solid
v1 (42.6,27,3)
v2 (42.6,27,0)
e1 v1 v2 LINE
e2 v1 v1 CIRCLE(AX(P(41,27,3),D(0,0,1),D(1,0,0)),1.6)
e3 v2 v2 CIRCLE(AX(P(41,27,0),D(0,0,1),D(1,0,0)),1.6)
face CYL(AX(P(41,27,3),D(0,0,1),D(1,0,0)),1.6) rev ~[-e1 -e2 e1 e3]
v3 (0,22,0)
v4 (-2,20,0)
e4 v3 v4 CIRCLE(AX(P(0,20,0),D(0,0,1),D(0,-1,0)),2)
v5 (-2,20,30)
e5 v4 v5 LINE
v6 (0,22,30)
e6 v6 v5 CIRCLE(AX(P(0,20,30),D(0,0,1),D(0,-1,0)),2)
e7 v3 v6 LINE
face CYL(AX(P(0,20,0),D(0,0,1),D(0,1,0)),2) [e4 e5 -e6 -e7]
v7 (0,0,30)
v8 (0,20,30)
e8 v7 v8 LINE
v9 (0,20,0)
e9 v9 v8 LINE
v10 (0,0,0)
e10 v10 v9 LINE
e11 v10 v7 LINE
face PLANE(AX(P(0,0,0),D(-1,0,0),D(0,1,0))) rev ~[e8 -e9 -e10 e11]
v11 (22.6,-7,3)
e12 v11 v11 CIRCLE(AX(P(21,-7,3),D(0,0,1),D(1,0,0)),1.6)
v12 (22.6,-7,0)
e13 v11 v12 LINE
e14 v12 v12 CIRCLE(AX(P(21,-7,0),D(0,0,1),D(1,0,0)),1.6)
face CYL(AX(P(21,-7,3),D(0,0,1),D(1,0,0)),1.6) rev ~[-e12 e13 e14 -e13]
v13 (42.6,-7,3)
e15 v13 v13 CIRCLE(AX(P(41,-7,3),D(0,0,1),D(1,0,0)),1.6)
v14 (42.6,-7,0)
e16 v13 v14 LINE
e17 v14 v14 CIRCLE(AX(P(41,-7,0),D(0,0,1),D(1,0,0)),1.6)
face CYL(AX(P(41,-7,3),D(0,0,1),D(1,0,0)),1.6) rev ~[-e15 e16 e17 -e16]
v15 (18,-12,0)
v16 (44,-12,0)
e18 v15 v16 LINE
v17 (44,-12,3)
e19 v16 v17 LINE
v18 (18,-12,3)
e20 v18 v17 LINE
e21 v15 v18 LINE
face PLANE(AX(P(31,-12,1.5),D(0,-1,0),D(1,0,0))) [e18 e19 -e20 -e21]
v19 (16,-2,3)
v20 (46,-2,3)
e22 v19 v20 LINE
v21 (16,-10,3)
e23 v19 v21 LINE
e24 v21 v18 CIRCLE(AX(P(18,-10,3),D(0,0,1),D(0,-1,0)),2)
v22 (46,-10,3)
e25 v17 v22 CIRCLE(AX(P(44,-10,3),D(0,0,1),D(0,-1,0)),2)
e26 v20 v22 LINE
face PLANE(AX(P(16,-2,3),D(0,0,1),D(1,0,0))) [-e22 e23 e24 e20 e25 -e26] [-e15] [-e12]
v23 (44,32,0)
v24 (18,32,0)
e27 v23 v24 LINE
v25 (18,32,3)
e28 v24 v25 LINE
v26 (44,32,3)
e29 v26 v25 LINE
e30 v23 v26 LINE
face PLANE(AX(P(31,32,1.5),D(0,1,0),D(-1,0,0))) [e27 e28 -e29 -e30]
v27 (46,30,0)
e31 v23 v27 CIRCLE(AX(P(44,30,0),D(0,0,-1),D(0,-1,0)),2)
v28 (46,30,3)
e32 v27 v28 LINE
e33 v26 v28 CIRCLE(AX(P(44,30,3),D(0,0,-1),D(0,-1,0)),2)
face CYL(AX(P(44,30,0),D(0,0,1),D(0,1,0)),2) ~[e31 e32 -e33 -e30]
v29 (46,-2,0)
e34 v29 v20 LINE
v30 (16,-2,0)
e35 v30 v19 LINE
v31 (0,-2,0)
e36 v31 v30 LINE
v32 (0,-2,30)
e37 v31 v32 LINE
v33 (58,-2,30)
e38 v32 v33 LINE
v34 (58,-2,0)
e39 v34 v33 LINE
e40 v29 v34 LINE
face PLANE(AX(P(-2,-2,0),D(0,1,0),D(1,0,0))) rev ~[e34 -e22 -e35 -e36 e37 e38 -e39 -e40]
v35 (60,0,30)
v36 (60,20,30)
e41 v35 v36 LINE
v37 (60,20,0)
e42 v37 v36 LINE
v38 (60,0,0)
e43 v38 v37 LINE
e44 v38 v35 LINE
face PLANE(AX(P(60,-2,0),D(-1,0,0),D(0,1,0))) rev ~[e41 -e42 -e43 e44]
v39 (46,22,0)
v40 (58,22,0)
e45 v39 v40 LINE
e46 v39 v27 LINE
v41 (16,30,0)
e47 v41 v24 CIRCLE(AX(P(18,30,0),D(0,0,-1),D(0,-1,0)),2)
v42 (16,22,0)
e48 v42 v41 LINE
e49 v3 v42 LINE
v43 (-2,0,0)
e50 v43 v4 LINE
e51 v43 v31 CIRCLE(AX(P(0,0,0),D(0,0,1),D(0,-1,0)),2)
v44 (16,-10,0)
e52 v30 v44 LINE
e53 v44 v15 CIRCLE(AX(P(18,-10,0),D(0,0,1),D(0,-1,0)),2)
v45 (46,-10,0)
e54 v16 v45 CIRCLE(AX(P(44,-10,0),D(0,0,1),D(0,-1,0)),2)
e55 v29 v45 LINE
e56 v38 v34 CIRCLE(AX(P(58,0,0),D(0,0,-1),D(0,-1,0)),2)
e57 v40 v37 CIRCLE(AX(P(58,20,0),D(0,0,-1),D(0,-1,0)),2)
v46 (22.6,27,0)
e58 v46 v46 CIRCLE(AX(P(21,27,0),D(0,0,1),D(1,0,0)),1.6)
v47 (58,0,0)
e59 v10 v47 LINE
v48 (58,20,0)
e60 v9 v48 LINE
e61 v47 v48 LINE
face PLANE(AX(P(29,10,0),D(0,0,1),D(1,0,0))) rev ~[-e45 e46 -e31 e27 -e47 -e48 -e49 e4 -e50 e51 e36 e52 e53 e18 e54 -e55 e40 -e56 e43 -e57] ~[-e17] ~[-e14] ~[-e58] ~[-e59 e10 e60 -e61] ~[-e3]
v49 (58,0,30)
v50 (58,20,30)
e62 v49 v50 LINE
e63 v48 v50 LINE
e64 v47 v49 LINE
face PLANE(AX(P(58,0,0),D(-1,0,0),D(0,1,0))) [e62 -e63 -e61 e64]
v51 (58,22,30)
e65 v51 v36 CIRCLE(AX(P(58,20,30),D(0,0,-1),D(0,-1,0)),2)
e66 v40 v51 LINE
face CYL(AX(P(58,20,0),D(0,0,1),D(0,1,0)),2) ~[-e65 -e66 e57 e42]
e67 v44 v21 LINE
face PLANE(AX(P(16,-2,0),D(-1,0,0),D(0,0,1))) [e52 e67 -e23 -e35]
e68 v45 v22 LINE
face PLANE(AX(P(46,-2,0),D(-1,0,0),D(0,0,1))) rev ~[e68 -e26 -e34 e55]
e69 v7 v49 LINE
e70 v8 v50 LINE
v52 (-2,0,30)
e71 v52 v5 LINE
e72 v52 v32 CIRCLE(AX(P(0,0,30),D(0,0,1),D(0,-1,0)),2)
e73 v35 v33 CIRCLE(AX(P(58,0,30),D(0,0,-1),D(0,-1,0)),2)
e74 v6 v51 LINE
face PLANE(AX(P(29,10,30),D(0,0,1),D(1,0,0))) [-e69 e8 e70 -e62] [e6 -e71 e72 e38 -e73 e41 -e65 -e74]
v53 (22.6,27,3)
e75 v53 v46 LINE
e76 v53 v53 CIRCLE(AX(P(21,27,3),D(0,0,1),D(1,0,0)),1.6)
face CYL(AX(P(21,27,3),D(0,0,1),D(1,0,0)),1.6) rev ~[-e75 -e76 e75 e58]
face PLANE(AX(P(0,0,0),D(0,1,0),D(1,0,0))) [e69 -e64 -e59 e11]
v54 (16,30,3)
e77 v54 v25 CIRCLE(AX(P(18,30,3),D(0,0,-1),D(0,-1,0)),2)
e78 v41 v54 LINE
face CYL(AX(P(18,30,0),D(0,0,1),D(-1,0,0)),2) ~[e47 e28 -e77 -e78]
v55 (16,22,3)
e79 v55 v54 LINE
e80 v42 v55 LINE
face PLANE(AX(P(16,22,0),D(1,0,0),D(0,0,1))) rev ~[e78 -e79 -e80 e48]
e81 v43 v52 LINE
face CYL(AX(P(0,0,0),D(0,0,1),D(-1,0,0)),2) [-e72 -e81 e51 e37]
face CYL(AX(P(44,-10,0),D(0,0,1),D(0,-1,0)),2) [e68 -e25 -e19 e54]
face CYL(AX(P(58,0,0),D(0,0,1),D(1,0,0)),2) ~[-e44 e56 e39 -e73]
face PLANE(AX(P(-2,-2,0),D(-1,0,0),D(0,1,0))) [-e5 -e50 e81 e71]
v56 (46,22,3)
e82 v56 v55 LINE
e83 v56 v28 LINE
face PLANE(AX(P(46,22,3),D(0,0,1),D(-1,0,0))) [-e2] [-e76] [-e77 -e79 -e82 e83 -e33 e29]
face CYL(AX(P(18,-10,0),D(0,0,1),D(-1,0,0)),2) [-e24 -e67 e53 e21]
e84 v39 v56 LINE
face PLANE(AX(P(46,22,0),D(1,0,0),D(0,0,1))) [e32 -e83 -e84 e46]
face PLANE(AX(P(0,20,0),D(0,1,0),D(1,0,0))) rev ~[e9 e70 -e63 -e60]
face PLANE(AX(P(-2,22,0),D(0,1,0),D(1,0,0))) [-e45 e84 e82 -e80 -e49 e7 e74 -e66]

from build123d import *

# Parameters (mm, degrees)
SKETCH_W     = 62
SKETCH_H     = 24
SKETCH_W_2   = 58
SKETCH_H_2   = 20
PAD_DEPTH    = 30
SKETCH001_W  = 30
SKETCH001_H  = 3
PAD001_DEPTH = 10
SKETCH002_W  = 30
SKETCH002_H  = 3
PAD002_DEPTH = 10
SKETCH003_R  = 1.6
POCKET_DEPTH = 5
FILLET_R     = 2
FILLET001_R  = 2
FILLET002_R  = 2
FILLET003_R  = 2
FILLET004_R  = 2
FILLET005_R  = 2
FILLET006_R  = 2
FILLET007_R  = 2


with BuildPart() as part:
    # Sketch → Pad (new body)
    with BuildSketch(Plane.XY):
        with Locations((29, 10)):
            Rectangle(SKETCH_W, SKETCH_H)
        with Locations((29, 10)):
            Rectangle(SKETCH_W_2, SKETCH_H_2, mode=Mode.SUBTRACT)
    extrude(amount=PAD_DEPTH)

    # Sketch001 → Pad001 (new body)
    with BuildSketch(Plane.XZ.offset(2)):
        with Locations((31, 1.5)):
            Rectangle(SKETCH001_W, SKETCH001_H)
    extrude(amount=PAD001_DEPTH)

    # Sketch002 → Pad002 (new body)
    with BuildSketch(Plane(origin=(0, 22, 0), x_dir=(-1, 0, 0), z_dir=(0, 1, 0))):
        with Locations((-31, 1.5)):
            Rectangle(SKETCH002_W, SKETCH002_H)
    extrude(amount=PAD002_DEPTH)

    # Sketch003 → Pocket (cut)
    with BuildSketch(Plane.XY.offset(3)):
        with Locations((21, 27)):
            Circle(SKETCH003_R)
        with Locations((41, 27)):
            Circle(SKETCH003_R)
        with Locations((21, -7)):
            Circle(SKETCH003_R)
        with Locations((41, -7)):
            Circle(SKETCH003_R)
    extrude(amount=-POCKET_DEPTH, mode=Mode.SUBTRACT)

    # Fillet
    fillet_edges = [part.edges().sort_by_distance(p)[0] for p in [
        (60, 22, 15),
    ]]
    fillet(fillet_edges, radius=FILLET_R)

    # Fillet001
    fillet001_edges = [part.edges().sort_by_distance(p)[0] for p in [
        (60, -2, 15),
    ]]
    fillet(fillet001_edges, radius=FILLET001_R)

    # Fillet002
    fillet002_edges = [part.edges().sort_by_distance(p)[0] for p in [
        (-2, 22, 15),
    ]]
    fillet(fillet002_edges, radius=FILLET002_R)

    # Fillet003
    fillet003_edges = [part.edges().sort_by_distance(p)[0] for p in [
        (-2, -2, 15),
    ]]
    fillet(fillet003_edges, radius=FILLET003_R)

    # Fillet004
    fillet004_edges = [part.edges().sort_by_distance(p)[0] for p in [
        (16, -12, 1.5),
    ]]
    fillet(fillet004_edges, radius=FILLET004_R)

    # Fillet005
    fillet005_edges = [part.edges().sort_by_distance(p)[0] for p in [
        (46, -12, 1.5),
    ]]
    fillet(fillet005_edges, radius=FILLET005_R)

    # Fillet006
    fillet006_edges = [part.edges().sort_by_distance(p)[0] for p in [
        (16, 32, 1.5),
    ]]
    fillet(fillet006_edges, radius=FILLET006_R)

    # Fillet007
    fillet007_edges = [part.edges().sort_by_distance(p)[0] for p in [
        (46, 32, 1.5),
    ]]
    fillet(fillet007_edges, radius=FILLET007_R)


solid = part.part
